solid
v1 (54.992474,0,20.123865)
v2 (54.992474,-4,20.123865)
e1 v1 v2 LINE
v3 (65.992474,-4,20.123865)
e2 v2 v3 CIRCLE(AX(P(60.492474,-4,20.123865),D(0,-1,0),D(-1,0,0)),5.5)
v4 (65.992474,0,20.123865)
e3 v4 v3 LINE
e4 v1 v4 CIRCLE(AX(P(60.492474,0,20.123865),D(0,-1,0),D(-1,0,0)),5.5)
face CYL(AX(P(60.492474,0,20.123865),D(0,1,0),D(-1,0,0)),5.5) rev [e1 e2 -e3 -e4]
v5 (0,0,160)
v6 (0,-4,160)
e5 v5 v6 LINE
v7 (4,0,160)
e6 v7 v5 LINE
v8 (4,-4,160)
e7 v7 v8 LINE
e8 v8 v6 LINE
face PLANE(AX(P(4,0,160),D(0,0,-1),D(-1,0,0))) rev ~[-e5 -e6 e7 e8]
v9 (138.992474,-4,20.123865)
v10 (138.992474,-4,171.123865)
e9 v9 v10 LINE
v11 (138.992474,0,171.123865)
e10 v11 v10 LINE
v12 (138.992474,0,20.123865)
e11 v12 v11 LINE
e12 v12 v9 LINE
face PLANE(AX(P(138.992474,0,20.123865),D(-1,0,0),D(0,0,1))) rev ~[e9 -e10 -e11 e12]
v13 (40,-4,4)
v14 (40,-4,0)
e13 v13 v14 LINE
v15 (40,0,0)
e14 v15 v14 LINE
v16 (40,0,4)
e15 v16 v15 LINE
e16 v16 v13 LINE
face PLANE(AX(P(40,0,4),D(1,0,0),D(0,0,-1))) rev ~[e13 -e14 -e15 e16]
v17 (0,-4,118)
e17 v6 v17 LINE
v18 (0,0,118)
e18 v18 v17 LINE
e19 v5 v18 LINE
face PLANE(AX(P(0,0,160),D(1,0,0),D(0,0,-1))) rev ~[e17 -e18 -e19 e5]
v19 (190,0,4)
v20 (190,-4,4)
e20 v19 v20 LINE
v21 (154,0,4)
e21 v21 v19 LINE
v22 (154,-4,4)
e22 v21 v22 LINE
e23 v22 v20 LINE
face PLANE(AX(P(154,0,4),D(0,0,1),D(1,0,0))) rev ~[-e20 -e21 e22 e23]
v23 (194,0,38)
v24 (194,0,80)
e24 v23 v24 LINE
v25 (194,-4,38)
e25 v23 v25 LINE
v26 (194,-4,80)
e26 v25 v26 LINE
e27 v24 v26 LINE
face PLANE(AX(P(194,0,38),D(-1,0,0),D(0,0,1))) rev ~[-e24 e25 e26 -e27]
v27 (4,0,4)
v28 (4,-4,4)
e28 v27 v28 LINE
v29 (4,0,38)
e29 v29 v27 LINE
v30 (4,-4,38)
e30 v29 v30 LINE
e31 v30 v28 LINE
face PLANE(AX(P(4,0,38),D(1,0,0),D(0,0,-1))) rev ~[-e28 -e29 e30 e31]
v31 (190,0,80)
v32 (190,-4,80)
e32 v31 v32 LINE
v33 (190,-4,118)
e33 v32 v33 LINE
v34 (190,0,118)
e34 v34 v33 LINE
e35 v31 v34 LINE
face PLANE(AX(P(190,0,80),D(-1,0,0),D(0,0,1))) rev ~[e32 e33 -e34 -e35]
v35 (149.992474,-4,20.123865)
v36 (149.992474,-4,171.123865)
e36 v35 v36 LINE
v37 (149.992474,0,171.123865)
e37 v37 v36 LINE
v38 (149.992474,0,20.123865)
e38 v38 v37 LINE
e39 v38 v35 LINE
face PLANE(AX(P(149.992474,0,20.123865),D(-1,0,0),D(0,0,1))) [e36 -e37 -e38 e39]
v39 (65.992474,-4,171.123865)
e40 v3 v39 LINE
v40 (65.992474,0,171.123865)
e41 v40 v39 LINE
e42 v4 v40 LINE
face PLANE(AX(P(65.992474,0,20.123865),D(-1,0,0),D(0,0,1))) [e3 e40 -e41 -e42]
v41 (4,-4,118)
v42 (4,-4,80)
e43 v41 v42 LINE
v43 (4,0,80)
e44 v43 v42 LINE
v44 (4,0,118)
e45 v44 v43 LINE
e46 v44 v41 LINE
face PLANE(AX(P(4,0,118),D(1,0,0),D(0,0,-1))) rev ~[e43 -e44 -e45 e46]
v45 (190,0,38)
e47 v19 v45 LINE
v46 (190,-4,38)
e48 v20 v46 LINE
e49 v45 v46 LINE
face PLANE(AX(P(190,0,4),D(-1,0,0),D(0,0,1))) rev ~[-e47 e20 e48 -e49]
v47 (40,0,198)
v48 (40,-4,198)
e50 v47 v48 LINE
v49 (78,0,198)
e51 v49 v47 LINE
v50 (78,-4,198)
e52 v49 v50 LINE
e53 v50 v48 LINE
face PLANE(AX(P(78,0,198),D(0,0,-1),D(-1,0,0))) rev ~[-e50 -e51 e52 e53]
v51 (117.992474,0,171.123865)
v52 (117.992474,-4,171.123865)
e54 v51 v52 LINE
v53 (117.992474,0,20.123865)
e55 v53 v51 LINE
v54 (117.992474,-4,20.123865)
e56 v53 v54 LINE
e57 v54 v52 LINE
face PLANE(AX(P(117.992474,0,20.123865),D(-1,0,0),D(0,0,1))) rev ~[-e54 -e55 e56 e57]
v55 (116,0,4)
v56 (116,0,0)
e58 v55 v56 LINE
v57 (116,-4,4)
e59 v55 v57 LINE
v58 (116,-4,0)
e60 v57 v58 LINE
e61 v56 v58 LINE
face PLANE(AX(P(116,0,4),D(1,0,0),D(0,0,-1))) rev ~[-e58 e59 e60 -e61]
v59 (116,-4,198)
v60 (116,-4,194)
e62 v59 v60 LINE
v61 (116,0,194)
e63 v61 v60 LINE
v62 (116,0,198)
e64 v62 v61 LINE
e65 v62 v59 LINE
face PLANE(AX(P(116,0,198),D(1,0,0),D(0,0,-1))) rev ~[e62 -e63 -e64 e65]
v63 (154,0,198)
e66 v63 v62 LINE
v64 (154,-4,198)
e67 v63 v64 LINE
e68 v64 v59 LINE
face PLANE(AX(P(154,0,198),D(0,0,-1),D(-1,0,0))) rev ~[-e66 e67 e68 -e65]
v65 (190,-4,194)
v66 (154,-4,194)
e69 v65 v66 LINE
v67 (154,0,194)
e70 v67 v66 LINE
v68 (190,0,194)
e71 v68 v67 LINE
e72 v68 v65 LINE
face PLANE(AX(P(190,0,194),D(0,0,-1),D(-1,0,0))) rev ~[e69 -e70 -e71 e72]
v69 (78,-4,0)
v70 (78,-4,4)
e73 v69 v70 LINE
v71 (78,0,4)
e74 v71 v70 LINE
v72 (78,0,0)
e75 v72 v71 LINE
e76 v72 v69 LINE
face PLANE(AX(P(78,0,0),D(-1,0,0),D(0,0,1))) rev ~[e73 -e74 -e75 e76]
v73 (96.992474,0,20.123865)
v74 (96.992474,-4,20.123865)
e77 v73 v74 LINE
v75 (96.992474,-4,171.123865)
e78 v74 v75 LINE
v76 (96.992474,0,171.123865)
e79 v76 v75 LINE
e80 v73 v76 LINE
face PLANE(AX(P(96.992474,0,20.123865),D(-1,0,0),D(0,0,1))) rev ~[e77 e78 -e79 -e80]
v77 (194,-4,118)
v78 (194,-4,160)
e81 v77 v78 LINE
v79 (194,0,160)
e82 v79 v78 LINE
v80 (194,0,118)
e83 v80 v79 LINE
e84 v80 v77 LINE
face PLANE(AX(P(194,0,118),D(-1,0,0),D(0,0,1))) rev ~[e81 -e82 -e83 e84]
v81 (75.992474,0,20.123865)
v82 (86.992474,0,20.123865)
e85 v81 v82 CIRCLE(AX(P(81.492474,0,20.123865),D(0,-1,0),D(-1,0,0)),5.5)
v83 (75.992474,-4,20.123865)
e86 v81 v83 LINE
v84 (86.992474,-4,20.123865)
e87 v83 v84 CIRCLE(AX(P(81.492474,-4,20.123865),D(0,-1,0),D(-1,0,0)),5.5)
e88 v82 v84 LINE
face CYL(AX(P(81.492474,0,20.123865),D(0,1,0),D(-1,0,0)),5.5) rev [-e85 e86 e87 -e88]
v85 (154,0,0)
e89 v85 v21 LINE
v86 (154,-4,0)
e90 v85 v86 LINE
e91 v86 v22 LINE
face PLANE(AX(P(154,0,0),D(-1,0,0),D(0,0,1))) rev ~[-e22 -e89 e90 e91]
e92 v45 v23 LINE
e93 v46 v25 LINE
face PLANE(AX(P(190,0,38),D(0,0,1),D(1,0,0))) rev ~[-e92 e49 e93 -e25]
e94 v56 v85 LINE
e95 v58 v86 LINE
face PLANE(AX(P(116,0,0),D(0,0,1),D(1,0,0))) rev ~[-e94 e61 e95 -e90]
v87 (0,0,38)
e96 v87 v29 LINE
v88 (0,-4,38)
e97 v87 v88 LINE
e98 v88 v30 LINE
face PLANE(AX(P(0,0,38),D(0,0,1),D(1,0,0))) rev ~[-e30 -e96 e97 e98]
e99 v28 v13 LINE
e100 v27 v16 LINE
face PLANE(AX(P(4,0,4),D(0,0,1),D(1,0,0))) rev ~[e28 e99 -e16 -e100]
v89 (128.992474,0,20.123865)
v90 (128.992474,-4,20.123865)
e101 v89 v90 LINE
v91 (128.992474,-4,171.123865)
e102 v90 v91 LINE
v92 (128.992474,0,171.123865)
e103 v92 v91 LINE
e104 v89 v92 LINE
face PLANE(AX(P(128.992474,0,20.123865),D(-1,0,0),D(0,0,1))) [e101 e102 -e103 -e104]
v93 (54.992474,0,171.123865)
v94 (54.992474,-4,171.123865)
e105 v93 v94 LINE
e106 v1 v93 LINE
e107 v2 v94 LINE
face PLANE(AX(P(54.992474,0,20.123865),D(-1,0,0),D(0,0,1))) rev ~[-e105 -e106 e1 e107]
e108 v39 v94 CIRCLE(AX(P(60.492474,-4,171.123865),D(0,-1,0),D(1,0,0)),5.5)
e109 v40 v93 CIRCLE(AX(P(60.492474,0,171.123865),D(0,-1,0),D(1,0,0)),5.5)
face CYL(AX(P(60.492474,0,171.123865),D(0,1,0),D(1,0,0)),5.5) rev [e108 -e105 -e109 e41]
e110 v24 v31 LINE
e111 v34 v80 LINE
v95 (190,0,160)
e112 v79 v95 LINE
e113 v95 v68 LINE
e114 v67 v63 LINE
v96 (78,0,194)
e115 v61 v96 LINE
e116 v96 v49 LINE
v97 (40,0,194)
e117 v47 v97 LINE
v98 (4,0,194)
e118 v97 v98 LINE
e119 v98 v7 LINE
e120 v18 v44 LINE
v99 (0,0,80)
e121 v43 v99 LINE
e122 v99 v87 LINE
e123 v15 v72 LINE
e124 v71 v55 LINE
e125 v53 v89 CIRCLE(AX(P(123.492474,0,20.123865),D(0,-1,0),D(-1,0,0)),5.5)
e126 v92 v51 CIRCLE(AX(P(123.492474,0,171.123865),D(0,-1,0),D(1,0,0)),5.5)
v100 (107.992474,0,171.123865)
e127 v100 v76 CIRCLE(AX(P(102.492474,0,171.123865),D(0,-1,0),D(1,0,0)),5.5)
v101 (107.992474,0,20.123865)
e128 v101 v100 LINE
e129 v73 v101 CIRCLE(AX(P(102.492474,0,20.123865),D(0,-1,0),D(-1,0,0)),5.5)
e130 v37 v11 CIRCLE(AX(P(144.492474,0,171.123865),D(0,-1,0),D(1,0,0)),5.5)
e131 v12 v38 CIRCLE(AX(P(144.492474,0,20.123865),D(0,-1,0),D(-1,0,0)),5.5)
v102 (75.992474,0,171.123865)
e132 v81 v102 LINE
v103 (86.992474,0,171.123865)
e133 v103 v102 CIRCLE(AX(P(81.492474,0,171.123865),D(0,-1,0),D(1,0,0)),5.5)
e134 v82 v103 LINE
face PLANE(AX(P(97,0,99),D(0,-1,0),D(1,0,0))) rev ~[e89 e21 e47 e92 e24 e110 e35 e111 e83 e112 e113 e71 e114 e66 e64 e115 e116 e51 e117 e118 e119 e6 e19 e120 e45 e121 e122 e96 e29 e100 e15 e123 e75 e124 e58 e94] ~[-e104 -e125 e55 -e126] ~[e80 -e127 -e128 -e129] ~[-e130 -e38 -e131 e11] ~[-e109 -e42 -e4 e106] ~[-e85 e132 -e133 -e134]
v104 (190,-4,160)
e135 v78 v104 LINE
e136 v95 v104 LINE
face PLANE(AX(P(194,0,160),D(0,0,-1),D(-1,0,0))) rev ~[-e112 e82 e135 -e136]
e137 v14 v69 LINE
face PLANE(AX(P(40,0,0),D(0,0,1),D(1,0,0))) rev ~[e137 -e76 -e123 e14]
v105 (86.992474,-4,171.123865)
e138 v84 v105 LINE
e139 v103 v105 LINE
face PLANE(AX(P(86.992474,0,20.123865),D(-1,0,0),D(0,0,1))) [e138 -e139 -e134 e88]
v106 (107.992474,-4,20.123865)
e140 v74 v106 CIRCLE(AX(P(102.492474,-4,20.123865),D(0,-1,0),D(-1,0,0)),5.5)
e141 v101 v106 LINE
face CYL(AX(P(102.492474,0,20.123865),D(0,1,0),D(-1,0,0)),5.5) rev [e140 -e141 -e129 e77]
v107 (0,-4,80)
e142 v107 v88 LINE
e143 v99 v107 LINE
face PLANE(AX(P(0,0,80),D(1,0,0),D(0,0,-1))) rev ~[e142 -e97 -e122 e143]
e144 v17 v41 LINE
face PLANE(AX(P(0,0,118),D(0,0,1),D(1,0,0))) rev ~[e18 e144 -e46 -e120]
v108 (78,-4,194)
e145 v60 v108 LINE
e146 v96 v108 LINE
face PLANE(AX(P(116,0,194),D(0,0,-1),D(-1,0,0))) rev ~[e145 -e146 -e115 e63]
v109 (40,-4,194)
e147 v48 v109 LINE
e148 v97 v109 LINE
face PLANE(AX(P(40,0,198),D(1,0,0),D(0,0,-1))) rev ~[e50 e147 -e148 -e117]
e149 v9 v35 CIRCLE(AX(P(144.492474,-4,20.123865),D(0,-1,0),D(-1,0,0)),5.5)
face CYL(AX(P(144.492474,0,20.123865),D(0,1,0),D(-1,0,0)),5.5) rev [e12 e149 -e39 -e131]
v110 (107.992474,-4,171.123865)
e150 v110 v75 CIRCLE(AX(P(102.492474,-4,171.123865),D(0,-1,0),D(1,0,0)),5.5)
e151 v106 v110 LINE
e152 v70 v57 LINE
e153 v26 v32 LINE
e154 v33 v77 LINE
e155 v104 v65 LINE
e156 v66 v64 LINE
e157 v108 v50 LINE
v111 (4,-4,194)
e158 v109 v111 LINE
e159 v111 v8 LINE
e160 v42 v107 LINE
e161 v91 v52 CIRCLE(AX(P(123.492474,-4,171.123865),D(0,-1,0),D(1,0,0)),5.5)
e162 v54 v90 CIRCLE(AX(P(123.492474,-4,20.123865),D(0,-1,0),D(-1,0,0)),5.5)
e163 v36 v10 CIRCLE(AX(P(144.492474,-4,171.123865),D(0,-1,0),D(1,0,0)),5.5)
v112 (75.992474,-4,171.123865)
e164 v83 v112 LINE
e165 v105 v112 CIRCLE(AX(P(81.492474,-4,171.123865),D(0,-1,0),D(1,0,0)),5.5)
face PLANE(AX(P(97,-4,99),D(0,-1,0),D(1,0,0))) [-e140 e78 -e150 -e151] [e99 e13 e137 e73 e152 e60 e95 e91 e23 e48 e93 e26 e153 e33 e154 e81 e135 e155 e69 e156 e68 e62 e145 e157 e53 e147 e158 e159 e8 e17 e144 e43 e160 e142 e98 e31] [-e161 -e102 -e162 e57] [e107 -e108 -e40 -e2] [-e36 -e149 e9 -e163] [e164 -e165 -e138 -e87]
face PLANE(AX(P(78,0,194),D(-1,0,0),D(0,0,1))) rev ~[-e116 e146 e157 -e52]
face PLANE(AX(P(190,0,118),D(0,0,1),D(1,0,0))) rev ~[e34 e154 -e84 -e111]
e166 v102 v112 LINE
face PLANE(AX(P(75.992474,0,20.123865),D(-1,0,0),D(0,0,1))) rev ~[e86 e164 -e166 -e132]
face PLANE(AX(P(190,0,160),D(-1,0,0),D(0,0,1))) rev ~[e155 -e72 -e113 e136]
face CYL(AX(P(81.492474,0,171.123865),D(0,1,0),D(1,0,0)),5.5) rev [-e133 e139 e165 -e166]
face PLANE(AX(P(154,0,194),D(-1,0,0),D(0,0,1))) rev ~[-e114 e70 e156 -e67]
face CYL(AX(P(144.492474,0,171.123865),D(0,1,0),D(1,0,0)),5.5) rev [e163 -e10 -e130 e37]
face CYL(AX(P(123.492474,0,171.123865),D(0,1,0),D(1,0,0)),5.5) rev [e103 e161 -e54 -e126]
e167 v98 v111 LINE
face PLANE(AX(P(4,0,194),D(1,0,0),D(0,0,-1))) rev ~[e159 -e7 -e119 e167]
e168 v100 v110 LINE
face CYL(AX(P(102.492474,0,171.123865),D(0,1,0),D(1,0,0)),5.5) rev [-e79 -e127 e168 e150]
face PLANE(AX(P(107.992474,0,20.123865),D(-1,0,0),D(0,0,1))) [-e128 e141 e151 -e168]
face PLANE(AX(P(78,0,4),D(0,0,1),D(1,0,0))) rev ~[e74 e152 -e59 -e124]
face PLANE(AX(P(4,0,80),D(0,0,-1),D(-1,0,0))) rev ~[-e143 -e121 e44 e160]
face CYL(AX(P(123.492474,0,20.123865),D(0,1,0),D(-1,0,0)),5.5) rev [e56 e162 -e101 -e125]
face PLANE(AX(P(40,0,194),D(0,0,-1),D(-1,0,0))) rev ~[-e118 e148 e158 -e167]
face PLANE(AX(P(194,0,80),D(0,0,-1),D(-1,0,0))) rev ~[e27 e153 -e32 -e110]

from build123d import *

# Parameters (mm, degrees)
F1_DEPTH = 4
F2_W     = 11
F2_H     = 151
F3_DEPTH = 4


with BuildPart() as f1:
    # F0 (on Front) → F1 (new body)
    with BuildSketch(Plane.XZ):
        Polygon((40, 4), (40, 0), (78, 0), (78, 4), (116, 4), (116, 0), (154, 0), (154, 4), (190, 4), (190, 38), (194, 38), (194, 80), (190, 80), (190, 118), (194, 118), (194, 160), (190, 160), (190, 194), (154, 194), (154, 198), (116, 198), (116, 194), (78, 194), (78, 198), (40, 198), (40, 194), (4, 194), (4, 160), (0, 160), (0, 118), (4, 118), (4, 80), (0, 80), (0, 38), (4, 38), (4, 4), align=None)
    extrude(amount=F1_DEPTH)

    # F2 (on Front) → F3 (cut)
    with BuildSketch(Plane.XZ):
        with BuildLine():
            ThreePointArc((65.992474, 171.123865), (60.492474, 176.623865), (54.992474, 171.123865))
            Line((54.992474, 171.123865), (65.992474, 171.123865))
        make_face()
        with Locations((60.492474, 95.623865)):
            Rectangle(F2_W, F2_H)
        with BuildLine():
            Line((65.992474, 20.123865), (54.992474, 20.123865))
            ThreePointArc((54.992474, 20.123865), (60.492474, 14.623865), (65.992474, 20.123865))
        make_face()
        with BuildLine():
            ThreePointArc((86.992474, 171.123865), (81.492474, 176.623865), (75.992474, 171.123865))
            Line((75.992474, 171.123865), (86.992474, 171.123865))
        make_face()
        with Locations((81.492474, 95.623865)):
            Rectangle(F2_W, F2_H)
        with BuildLine():
            Line((86.992474, 20.123865), (75.992474, 20.123865))
            ThreePointArc((75.992474, 20.123865), (81.492474, 14.623865), (86.992474, 20.123865))
        make_face()
        with BuildLine():
            ThreePointArc((107.992474, 171.123865), (102.492474, 176.623865), (96.992474, 171.123865))
            Line((96.992474, 171.123865), (107.992474, 171.123865))
        make_face()
        with Locations((102.492474, 95.623865)):
            Rectangle(F2_W, F2_H)
        with BuildLine():
            Line((107.992474, 20.123865), (96.992474, 20.123865))
            ThreePointArc((96.992474, 20.123865), (102.492474, 14.623865), (107.992474, 20.123865))
        make_face()
        with BuildLine():
            ThreePointArc((128.992474, 171.123865), (123.492474, 176.623865), (117.992474, 171.123865))
            Line((117.992474, 171.123865), (128.992474, 171.123865))
        make_face()
        with Locations((123.492474, 95.623865)):
            Rectangle(F2_W, F2_H)
        with BuildLine():
            Line((128.992474, 20.123865), (117.992474, 20.123865))
            ThreePointArc((117.992474, 20.123865), (123.492474, 14.623865), (128.992474, 20.123865))
        make_face()
        with BuildLine():
            ThreePointArc((149.992474, 171.123865), (144.492474, 176.623865), (138.992474, 171.123865))
            Line((138.992474, 171.123865), (149.992474, 171.123865))
        make_face()
        with Locations((144.492474, 95.623865)):
            Rectangle(F2_W, F2_H)
        with BuildLine():
            Line((149.992474, 20.123865), (138.992474, 20.123865))
            ThreePointArc((138.992474, 20.123865), (144.492474, 14.623865), (149.992474, 20.123865))
        make_face()
    extrude(amount=F3_DEPTH, mode=Mode.SUBTRACT)


solid = f1.part
